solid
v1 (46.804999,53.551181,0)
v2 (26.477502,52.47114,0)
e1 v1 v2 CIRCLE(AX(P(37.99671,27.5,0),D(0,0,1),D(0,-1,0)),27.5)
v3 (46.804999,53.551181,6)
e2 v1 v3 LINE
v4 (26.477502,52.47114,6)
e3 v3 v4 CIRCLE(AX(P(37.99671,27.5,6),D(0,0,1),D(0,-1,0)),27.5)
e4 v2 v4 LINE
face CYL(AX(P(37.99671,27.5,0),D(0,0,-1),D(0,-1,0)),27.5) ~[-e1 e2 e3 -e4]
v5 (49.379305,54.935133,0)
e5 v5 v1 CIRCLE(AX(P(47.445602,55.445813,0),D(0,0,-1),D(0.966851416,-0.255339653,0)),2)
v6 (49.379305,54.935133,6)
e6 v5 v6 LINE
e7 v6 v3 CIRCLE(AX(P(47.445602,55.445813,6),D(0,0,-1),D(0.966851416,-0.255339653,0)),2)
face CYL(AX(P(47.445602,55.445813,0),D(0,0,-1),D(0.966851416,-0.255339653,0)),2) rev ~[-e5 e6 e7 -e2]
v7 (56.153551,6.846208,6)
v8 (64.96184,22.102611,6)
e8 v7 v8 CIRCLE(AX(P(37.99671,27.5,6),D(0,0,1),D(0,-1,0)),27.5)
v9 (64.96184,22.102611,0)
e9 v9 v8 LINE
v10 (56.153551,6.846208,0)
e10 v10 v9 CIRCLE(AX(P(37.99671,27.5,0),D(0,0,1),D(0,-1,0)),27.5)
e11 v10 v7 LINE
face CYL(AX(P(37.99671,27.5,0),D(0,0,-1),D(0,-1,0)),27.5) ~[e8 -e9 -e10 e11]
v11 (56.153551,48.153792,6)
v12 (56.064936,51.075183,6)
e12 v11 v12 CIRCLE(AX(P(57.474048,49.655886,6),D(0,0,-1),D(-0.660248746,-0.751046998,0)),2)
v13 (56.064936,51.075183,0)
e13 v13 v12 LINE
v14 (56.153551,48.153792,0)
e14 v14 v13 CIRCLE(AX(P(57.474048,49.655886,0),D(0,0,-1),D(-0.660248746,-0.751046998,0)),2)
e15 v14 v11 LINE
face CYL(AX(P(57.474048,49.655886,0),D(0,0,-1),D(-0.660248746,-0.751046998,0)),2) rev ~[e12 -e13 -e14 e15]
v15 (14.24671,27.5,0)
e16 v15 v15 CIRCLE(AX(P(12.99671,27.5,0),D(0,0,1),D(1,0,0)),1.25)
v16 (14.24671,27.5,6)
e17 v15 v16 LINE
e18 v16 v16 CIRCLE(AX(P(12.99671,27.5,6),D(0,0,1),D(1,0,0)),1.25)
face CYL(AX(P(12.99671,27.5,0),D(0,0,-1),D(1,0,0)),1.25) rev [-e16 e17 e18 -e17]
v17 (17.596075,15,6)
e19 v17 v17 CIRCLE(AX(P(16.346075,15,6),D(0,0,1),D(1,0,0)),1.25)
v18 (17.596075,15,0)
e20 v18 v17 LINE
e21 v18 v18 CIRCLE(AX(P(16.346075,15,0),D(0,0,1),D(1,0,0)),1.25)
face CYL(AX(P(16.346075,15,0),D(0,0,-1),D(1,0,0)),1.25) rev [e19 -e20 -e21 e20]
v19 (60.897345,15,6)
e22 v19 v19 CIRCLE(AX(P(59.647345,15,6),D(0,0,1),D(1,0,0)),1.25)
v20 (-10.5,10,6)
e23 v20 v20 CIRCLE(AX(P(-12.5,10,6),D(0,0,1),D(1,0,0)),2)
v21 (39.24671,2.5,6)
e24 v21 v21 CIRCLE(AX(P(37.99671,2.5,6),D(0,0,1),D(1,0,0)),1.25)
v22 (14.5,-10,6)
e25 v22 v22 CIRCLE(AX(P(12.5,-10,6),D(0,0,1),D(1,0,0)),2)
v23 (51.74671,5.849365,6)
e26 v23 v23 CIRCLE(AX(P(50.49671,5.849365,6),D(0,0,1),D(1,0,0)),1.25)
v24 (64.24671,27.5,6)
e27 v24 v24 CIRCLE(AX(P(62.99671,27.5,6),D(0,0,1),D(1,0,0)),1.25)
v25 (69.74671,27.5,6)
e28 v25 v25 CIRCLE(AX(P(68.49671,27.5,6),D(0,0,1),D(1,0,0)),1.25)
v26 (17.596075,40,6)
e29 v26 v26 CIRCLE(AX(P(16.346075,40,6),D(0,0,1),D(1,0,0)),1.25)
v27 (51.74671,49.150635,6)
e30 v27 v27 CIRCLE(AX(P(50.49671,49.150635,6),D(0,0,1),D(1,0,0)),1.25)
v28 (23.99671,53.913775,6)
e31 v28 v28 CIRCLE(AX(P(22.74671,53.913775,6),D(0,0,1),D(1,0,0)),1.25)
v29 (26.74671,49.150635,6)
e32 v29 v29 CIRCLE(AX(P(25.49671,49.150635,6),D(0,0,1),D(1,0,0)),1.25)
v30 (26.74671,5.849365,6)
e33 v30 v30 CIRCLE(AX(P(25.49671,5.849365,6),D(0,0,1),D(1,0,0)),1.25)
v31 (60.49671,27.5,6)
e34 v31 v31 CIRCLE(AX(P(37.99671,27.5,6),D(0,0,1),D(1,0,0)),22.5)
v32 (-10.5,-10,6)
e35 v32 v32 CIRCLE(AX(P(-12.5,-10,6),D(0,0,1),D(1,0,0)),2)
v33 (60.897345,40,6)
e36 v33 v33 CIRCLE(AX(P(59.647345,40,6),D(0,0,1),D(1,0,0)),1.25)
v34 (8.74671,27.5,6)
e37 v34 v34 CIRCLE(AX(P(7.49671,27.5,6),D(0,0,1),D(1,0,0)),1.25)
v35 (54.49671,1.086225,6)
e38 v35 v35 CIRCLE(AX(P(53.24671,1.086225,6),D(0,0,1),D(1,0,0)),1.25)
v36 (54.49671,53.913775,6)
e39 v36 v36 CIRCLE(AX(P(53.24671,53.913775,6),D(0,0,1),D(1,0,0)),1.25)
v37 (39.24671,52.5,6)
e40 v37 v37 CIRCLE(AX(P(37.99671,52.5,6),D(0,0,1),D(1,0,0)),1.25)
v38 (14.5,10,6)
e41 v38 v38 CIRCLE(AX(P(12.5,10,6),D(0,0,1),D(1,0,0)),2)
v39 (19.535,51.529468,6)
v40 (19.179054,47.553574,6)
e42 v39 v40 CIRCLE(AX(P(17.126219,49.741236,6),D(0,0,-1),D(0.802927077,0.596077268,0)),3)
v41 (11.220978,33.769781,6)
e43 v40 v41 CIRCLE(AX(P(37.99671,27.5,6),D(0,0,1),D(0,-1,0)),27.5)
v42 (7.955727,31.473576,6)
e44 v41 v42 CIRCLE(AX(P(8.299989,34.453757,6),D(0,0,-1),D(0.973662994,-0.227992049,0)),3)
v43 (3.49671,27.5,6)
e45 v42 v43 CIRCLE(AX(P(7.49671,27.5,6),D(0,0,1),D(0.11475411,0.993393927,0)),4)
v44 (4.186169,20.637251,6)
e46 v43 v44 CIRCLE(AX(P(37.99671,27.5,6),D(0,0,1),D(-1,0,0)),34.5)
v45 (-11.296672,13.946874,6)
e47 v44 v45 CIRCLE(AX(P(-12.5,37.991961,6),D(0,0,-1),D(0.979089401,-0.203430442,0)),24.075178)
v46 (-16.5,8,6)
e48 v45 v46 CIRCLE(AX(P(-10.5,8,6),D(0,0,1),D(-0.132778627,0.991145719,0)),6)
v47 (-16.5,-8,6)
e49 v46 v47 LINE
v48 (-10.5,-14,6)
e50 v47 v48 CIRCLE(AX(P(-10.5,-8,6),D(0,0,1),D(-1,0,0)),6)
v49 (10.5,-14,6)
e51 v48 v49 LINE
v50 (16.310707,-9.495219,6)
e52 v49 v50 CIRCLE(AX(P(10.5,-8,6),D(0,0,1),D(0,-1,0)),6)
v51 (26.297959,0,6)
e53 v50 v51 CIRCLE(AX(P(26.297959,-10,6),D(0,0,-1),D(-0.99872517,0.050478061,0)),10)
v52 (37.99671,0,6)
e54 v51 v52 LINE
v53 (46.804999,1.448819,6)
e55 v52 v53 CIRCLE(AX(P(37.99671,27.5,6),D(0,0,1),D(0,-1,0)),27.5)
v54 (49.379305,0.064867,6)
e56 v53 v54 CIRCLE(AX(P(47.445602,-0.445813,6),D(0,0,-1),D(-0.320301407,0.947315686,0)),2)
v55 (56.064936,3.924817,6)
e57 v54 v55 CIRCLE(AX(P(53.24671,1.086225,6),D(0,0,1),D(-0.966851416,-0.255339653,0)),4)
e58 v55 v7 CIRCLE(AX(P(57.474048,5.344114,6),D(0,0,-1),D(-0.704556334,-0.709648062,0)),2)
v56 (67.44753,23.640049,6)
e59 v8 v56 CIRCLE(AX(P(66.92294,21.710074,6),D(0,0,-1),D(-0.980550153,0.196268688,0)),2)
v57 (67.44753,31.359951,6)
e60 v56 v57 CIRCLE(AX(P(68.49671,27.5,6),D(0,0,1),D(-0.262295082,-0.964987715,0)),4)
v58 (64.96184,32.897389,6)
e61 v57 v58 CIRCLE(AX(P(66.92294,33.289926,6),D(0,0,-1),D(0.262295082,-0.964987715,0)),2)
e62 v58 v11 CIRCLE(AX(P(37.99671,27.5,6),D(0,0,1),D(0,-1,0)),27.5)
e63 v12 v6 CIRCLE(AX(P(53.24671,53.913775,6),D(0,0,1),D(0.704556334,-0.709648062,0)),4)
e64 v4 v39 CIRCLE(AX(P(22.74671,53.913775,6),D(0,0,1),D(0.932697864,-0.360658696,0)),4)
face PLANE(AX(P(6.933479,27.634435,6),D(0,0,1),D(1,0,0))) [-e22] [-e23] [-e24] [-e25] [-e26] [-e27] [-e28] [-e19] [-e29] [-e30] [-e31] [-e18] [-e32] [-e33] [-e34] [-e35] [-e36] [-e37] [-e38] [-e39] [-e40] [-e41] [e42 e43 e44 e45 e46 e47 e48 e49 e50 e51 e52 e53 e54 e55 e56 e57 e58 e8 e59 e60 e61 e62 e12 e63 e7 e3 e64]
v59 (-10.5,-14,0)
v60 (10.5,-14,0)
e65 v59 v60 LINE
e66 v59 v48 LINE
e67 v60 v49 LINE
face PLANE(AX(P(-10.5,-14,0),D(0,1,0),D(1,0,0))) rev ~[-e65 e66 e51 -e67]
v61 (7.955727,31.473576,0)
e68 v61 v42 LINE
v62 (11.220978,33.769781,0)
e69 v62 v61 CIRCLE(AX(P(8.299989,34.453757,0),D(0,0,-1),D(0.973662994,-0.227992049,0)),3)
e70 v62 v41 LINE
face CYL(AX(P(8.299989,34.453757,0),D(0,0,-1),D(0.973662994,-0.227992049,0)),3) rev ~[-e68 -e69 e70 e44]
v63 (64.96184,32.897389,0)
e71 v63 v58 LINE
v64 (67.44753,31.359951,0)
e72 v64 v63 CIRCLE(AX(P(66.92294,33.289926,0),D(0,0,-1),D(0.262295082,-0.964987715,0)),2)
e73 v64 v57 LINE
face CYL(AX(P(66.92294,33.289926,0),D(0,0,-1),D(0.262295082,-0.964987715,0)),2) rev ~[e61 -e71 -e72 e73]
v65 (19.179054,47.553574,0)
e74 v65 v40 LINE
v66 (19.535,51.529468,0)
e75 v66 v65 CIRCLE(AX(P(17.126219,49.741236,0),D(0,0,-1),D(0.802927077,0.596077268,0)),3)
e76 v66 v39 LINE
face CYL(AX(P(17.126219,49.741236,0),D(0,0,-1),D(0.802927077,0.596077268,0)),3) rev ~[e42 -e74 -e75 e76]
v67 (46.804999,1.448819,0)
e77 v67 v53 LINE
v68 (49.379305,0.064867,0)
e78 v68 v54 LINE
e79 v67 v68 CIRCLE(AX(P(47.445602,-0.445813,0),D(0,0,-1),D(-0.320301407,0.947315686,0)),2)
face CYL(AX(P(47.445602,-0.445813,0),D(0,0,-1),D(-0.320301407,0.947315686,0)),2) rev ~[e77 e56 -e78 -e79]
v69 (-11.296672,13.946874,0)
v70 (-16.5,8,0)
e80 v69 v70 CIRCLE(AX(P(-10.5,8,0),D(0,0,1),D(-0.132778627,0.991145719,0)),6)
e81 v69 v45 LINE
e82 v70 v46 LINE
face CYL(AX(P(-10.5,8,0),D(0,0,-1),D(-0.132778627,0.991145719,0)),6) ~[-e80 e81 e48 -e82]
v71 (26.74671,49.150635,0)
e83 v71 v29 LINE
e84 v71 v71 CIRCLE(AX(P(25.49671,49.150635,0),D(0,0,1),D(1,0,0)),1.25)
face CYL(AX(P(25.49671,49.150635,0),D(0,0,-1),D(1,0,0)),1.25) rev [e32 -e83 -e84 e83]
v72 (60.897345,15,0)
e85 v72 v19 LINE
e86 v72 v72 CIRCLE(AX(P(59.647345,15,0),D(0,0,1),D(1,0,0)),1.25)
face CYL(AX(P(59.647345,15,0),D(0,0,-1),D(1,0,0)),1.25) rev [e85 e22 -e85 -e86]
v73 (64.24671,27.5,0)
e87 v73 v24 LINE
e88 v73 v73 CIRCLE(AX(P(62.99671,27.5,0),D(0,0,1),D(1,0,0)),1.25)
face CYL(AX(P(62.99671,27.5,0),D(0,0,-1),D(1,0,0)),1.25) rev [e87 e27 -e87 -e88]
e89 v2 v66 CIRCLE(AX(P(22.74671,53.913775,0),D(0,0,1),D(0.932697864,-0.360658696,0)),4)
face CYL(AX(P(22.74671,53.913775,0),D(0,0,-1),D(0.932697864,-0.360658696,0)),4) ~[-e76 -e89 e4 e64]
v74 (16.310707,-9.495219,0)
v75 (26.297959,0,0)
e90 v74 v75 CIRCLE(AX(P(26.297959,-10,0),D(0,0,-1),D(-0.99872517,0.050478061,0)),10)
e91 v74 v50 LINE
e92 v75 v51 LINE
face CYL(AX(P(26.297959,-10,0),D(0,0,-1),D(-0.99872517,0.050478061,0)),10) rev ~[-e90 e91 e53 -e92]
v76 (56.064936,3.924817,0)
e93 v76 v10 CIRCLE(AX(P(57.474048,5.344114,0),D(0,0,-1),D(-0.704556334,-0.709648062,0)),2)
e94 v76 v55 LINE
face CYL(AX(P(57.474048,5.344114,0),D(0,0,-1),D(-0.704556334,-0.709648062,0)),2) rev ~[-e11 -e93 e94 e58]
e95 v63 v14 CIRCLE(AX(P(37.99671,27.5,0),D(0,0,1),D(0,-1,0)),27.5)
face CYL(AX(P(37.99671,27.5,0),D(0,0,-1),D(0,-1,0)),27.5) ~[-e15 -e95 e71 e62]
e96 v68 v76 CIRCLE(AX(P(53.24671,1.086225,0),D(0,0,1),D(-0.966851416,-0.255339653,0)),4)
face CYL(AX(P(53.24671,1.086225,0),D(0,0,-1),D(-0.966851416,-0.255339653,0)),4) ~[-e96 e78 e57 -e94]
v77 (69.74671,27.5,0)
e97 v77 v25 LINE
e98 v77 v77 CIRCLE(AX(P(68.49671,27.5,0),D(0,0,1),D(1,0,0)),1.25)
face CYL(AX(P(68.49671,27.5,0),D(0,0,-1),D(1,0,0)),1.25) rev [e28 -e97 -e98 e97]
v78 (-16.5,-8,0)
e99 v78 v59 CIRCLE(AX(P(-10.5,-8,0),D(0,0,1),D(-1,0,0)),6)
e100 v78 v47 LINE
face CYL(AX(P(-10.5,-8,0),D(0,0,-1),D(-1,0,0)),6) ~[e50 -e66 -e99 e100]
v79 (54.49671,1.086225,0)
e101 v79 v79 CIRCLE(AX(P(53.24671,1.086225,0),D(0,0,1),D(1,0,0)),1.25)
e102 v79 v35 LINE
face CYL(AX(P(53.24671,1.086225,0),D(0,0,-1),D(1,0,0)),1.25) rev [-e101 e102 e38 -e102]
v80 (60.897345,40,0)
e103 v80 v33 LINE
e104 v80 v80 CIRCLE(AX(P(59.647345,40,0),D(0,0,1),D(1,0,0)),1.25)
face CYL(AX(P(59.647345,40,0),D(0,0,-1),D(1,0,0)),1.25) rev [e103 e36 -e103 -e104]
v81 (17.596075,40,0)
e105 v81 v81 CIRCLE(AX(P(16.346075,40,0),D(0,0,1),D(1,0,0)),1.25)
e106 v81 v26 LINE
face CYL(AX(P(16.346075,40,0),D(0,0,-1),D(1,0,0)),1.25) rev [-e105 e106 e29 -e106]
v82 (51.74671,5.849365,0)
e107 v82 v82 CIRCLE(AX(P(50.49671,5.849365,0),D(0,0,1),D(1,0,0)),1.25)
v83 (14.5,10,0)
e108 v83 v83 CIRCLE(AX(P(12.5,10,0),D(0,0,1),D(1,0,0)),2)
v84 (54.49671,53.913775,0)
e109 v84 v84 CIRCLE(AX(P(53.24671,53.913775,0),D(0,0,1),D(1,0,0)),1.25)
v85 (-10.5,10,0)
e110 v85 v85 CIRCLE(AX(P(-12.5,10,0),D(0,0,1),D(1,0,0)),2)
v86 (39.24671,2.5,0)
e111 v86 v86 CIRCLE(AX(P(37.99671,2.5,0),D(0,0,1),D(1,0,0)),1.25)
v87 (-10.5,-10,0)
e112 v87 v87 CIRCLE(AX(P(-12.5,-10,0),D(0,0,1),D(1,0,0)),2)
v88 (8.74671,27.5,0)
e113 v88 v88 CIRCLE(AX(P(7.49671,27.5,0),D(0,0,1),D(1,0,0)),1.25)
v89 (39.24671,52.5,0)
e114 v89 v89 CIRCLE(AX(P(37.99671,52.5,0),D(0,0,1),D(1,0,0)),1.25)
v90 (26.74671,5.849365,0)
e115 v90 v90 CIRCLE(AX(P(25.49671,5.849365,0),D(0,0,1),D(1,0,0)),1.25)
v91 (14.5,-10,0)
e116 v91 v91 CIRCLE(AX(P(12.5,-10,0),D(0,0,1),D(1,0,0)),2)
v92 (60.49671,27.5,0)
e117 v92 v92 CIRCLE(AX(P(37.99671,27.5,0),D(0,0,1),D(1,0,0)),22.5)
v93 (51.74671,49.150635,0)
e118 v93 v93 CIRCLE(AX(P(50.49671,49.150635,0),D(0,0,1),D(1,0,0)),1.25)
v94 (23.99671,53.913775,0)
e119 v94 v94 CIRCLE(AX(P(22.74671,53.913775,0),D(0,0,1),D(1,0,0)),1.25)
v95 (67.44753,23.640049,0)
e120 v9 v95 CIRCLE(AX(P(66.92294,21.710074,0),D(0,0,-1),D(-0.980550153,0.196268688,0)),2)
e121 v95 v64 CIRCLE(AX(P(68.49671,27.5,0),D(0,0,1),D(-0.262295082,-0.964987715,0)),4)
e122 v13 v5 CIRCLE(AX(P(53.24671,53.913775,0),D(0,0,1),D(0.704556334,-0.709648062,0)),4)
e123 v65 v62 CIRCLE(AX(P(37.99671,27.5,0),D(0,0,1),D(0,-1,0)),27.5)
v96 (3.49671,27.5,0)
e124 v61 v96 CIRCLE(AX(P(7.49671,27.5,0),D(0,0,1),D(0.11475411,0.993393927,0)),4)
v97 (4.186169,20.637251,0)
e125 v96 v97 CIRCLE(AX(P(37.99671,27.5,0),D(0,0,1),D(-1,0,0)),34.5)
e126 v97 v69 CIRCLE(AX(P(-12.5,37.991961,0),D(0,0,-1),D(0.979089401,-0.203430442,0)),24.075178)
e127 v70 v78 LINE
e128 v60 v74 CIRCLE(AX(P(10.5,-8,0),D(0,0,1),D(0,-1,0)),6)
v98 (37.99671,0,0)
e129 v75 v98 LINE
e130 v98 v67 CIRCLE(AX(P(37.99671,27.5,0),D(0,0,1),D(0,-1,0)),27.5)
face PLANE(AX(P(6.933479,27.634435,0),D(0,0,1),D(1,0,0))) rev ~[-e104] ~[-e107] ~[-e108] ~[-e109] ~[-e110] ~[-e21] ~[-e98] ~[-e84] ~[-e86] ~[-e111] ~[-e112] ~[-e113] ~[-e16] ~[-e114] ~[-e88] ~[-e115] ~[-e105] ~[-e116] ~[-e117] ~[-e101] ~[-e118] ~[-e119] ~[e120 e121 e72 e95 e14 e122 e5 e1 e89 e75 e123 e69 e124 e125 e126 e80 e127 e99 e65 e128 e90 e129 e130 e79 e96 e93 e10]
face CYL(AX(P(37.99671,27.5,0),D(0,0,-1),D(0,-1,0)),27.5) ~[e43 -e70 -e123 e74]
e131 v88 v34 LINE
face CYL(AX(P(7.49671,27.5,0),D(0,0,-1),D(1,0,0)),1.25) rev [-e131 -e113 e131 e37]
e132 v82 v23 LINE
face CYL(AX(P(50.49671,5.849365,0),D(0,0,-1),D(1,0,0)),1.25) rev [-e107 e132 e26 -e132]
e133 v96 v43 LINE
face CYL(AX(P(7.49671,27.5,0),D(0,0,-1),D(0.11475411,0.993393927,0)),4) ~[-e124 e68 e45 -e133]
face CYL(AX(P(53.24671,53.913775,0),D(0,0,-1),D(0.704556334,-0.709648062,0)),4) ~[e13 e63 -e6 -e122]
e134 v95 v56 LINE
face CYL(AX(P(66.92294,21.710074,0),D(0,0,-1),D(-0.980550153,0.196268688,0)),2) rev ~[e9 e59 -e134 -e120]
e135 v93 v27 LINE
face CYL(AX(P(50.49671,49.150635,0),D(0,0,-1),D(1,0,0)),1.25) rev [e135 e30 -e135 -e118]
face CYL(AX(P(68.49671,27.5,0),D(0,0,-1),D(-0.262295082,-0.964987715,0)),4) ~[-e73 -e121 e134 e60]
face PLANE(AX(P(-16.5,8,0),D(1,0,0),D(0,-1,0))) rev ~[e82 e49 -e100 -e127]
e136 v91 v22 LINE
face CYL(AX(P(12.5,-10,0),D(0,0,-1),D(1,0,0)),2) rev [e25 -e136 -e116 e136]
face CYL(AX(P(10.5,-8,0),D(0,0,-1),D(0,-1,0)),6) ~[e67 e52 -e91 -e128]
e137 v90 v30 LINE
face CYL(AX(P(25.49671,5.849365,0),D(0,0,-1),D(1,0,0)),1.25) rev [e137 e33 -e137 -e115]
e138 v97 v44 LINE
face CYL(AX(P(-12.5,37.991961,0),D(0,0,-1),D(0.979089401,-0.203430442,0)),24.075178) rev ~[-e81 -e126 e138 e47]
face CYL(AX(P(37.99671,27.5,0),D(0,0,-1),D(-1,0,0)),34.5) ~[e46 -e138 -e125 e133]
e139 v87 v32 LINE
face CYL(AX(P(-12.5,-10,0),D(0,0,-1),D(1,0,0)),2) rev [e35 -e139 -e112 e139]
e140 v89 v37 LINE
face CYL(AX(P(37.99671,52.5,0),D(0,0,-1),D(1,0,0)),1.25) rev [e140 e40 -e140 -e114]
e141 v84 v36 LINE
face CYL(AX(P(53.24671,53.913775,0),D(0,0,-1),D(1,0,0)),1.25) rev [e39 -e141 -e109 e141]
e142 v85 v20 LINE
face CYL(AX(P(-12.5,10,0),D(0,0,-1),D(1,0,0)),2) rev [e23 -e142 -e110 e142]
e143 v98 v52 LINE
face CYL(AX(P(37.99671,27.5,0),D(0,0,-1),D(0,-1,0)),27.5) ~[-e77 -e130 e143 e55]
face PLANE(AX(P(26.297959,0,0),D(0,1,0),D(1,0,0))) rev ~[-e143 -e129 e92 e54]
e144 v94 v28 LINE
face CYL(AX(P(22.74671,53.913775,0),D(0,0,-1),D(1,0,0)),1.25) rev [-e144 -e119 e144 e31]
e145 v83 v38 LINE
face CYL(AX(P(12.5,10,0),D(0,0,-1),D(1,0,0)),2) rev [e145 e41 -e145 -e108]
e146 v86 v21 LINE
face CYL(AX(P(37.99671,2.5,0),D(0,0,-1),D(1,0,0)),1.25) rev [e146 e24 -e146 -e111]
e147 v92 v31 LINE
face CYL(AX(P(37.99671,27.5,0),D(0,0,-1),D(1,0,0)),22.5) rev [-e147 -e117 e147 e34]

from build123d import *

# Parameters (mm, degrees)
SKETCH_2_R      = 1.25
SKETCH_2_R_2    = 22.5
SKETCH_2_R_3    = 2
EXTRUDE_1_DEPTH = 6
EXTRUDE_START   = -6
SKETCH_3_R      = 1.25
EXTRUDE_2_DEPTH = 6


with BuildPart() as part:
    # 草图2 → 凸台-拉伸1 (new body)
    with BuildSketch(Plane.XY):
        with BuildLine():
            ThreePointArc((11.071751856, 33.094337161), (3.155908846, 19.70243628), (-11.296671761, 13.946874314))
            ThreePointArc((-11.296671761, 13.946874314), (-15.015530454, 11.950947319), (-16.5, 8))
            Line((-16.5, 8), (-16.5, -8))
            ThreePointArc((-16.5, -8), (-14.742640687, -12.242640687), (-10.5, -14))
            Line((-10.5, -14), (10.5, -14))
            ThreePointArc((10.5, -14), (14.176185773, -12.741904487), (16.31070727, -9.495219388))
            ThreePointArc((16.31070727, -9.495219388), (19.407668924, -2.752662347), (26.297958971, 0))
            Line((26.297958971, 0), (37.996710384, 0))
            ThreePointArc((37.996710384, 0), (59.328544247, 44.855197033), (11.071751856, 33.094337161))
        make_face()
        with Locations((16.346075289, 15)):
            Circle(SKETCH_2_R, mode=Mode.SUBTRACT)
        with Locations((37.996710384, 2.5)):
            Circle(SKETCH_2_R, mode=Mode.SUBTRACT)
        with Locations((25.496710384, 5.849364905)):
            Circle(SKETCH_2_R, mode=Mode.SUBTRACT)
        with Locations((50.496710384, 5.849364905)):
            Circle(SKETCH_2_R, mode=Mode.SUBTRACT)
        with Locations((59.647345479, 15)):
            Circle(SKETCH_2_R, mode=Mode.SUBTRACT)
        with Locations((12.996710384, 27.5)):
            Circle(SKETCH_2_R, mode=Mode.SUBTRACT)
        with Locations((16.346075289, 40)):
            Circle(SKETCH_2_R, mode=Mode.SUBTRACT)
        with Locations((37.996710384, 27.5)):
            Circle(SKETCH_2_R_2, mode=Mode.SUBTRACT)
        with Locations((62.996710384, 27.5)):
            Circle(SKETCH_2_R, mode=Mode.SUBTRACT)
        with Locations((25.496710384, 49.150635095)):
            Circle(SKETCH_2_R, mode=Mode.SUBTRACT)
        with Locations((37.996710384, 52.5)):
            Circle(SKETCH_2_R, mode=Mode.SUBTRACT)
        with Locations((59.647345479, 40)):
            Circle(SKETCH_2_R, mode=Mode.SUBTRACT)
        with Locations((50.496710384, 49.150635095)):
            Circle(SKETCH_2_R, mode=Mode.SUBTRACT)
        with Locations((12.5, -10)):
            Circle(SKETCH_2_R_3, mode=Mode.SUBTRACT)
        with Locations((-12.5, 10)):
            Circle(SKETCH_2_R_3, mode=Mode.SUBTRACT)
        with Locations((12.5, 10)):
            Circle(SKETCH_2_R_3, mode=Mode.SUBTRACT)
        with Locations((-12.5, -10)):
            Circle(SKETCH_2_R_3, mode=Mode.SUBTRACT)
    extrude(amount=EXTRUDE_1_DEPTH)

    # 草图3 → 凸台-拉伸2 (add)
    # profile 1 of 5: a face of its own
    with BuildSketch(Plane.XY.offset(6).offset(EXTRUDE_START)):
        with BuildLine():
            ThreePointArc((67.447530056, 23.64004914), (72.496710384, 27.5), (67.447530056, 31.35995086))
            ThreePointArc((67.447530056, 31.35995086), (65.870885098, 31.588991044), (64.961839586, 32.897388914))
            ThreePointArc((64.961839586, 32.897388914), (65.496710384, 27.5), (64.961839586, 22.102611086))
            ThreePointArc((64.961839586, 22.102611086), (65.870885098, 23.411008956), (67.447530056, 23.64004914))
        make_face()
        with Locations((68.496710384, 27.5)):
            Circle(SKETCH_3_R, mode=Mode.SUBTRACT)
    # profile 2 of 5: a face of its own
    with BuildSketch(Plane.XY.offset(6).offset(EXTRUDE_START)):
        with BuildLine():
            ThreePointArc((56.064935722, 51.075182568), (55.246710384, 57.377876431), (49.379304718, 54.935133428))
            ThreePointArc((49.379304718, 54.935133428), (48.392627621, 53.684238934), (46.804999072, 53.551181363))
            ThreePointArc((46.804999072, 53.551181363), (51.746710384, 51.315698604), (56.153550899, 48.153792449))
            ThreePointArc((56.153550899, 48.153792449), (55.474967861, 49.59524789), (56.064935722, 51.075182568))
        make_face()
        with Locations((53.246710384, 53.913774815)):
            Circle(SKETCH_3_R, mode=Mode.SUBTRACT)
    # profile 3 of 5: a face of its own
    with BuildSketch(Plane.XY.offset(6).offset(EXTRUDE_START)):
        with BuildLine():
            ThreePointArc((49.379304718, 0.064866572), (55.246710384, -2.377876431), (56.064935722, 3.924817432))
            ThreePointArc((56.064935722, 3.924817432), (55.474967861, 5.40475211), (56.153550899, 6.846207551))
            ThreePointArc((56.153550899, 6.846207551), (51.746710384, 3.684301396), (46.804999072, 1.448818637))
            ThreePointArc((46.804999072, 1.448818637), (48.392627621, 1.315761066), (49.379304718, 0.064866572))
        make_face()
        with Locations((53.246710384, 1.086225185)):
            Circle(SKETCH_3_R, mode=Mode.SUBTRACT)
    # profile 4 of 5: a face of its own
    with BuildSketch(Plane.XY.offset(6).offset(EXTRUDE_START)):
        with BuildLine():
            ThreePointArc((26.477501839, 52.471140032), (22.209078662, 57.87747916), (19.535000313, 51.529468119))
            ThreePointArc((19.535000313, 51.529468119), (20.114268508, 49.473728128), (19.179054293, 47.553573727))
            ThreePointArc((19.179054293, 47.553573727), (22.630287457, 50.306206314), (26.477501839, 52.471140032))
        make_face()
        with Locations((22.746710384, 53.913774815)):
            Circle(SKETCH_3_R, mode=Mode.SUBTRACT)
    # profile 5 of 5: a face of its own
    with BuildSketch(Plane.XY.offset(6).offset(EXTRUDE_START)):
        with BuildLine():
            ThreePointArc((4.186169411, 20.637251344), (8.570590949, 26.345313518), (11.071751856, 33.094337161))
            ThreePointArc((11.071751856, 33.094337161), (11.144241114, 33.432528477), (11.220978054, 33.769781351))
            ThreePointArc((11.220978054, 33.769781351), (10.025683209, 31.99978526), (7.955726823, 31.473575708))
            ThreePointArc((7.955726823, 31.473575708), (4.835513826, 30.486307566), (3.496710384, 27.5))
            ThreePointArc((3.496710384, 27.5), (3.669507879, 24.051352697), (4.186169411, 20.637251344))
        make_face()
        with Locations((7.496710384, 27.5)):
            Circle(SKETCH_3_R, mode=Mode.SUBTRACT)
    extrude(amount=EXTRUDE_2_DEPTH)


solid = part.part
